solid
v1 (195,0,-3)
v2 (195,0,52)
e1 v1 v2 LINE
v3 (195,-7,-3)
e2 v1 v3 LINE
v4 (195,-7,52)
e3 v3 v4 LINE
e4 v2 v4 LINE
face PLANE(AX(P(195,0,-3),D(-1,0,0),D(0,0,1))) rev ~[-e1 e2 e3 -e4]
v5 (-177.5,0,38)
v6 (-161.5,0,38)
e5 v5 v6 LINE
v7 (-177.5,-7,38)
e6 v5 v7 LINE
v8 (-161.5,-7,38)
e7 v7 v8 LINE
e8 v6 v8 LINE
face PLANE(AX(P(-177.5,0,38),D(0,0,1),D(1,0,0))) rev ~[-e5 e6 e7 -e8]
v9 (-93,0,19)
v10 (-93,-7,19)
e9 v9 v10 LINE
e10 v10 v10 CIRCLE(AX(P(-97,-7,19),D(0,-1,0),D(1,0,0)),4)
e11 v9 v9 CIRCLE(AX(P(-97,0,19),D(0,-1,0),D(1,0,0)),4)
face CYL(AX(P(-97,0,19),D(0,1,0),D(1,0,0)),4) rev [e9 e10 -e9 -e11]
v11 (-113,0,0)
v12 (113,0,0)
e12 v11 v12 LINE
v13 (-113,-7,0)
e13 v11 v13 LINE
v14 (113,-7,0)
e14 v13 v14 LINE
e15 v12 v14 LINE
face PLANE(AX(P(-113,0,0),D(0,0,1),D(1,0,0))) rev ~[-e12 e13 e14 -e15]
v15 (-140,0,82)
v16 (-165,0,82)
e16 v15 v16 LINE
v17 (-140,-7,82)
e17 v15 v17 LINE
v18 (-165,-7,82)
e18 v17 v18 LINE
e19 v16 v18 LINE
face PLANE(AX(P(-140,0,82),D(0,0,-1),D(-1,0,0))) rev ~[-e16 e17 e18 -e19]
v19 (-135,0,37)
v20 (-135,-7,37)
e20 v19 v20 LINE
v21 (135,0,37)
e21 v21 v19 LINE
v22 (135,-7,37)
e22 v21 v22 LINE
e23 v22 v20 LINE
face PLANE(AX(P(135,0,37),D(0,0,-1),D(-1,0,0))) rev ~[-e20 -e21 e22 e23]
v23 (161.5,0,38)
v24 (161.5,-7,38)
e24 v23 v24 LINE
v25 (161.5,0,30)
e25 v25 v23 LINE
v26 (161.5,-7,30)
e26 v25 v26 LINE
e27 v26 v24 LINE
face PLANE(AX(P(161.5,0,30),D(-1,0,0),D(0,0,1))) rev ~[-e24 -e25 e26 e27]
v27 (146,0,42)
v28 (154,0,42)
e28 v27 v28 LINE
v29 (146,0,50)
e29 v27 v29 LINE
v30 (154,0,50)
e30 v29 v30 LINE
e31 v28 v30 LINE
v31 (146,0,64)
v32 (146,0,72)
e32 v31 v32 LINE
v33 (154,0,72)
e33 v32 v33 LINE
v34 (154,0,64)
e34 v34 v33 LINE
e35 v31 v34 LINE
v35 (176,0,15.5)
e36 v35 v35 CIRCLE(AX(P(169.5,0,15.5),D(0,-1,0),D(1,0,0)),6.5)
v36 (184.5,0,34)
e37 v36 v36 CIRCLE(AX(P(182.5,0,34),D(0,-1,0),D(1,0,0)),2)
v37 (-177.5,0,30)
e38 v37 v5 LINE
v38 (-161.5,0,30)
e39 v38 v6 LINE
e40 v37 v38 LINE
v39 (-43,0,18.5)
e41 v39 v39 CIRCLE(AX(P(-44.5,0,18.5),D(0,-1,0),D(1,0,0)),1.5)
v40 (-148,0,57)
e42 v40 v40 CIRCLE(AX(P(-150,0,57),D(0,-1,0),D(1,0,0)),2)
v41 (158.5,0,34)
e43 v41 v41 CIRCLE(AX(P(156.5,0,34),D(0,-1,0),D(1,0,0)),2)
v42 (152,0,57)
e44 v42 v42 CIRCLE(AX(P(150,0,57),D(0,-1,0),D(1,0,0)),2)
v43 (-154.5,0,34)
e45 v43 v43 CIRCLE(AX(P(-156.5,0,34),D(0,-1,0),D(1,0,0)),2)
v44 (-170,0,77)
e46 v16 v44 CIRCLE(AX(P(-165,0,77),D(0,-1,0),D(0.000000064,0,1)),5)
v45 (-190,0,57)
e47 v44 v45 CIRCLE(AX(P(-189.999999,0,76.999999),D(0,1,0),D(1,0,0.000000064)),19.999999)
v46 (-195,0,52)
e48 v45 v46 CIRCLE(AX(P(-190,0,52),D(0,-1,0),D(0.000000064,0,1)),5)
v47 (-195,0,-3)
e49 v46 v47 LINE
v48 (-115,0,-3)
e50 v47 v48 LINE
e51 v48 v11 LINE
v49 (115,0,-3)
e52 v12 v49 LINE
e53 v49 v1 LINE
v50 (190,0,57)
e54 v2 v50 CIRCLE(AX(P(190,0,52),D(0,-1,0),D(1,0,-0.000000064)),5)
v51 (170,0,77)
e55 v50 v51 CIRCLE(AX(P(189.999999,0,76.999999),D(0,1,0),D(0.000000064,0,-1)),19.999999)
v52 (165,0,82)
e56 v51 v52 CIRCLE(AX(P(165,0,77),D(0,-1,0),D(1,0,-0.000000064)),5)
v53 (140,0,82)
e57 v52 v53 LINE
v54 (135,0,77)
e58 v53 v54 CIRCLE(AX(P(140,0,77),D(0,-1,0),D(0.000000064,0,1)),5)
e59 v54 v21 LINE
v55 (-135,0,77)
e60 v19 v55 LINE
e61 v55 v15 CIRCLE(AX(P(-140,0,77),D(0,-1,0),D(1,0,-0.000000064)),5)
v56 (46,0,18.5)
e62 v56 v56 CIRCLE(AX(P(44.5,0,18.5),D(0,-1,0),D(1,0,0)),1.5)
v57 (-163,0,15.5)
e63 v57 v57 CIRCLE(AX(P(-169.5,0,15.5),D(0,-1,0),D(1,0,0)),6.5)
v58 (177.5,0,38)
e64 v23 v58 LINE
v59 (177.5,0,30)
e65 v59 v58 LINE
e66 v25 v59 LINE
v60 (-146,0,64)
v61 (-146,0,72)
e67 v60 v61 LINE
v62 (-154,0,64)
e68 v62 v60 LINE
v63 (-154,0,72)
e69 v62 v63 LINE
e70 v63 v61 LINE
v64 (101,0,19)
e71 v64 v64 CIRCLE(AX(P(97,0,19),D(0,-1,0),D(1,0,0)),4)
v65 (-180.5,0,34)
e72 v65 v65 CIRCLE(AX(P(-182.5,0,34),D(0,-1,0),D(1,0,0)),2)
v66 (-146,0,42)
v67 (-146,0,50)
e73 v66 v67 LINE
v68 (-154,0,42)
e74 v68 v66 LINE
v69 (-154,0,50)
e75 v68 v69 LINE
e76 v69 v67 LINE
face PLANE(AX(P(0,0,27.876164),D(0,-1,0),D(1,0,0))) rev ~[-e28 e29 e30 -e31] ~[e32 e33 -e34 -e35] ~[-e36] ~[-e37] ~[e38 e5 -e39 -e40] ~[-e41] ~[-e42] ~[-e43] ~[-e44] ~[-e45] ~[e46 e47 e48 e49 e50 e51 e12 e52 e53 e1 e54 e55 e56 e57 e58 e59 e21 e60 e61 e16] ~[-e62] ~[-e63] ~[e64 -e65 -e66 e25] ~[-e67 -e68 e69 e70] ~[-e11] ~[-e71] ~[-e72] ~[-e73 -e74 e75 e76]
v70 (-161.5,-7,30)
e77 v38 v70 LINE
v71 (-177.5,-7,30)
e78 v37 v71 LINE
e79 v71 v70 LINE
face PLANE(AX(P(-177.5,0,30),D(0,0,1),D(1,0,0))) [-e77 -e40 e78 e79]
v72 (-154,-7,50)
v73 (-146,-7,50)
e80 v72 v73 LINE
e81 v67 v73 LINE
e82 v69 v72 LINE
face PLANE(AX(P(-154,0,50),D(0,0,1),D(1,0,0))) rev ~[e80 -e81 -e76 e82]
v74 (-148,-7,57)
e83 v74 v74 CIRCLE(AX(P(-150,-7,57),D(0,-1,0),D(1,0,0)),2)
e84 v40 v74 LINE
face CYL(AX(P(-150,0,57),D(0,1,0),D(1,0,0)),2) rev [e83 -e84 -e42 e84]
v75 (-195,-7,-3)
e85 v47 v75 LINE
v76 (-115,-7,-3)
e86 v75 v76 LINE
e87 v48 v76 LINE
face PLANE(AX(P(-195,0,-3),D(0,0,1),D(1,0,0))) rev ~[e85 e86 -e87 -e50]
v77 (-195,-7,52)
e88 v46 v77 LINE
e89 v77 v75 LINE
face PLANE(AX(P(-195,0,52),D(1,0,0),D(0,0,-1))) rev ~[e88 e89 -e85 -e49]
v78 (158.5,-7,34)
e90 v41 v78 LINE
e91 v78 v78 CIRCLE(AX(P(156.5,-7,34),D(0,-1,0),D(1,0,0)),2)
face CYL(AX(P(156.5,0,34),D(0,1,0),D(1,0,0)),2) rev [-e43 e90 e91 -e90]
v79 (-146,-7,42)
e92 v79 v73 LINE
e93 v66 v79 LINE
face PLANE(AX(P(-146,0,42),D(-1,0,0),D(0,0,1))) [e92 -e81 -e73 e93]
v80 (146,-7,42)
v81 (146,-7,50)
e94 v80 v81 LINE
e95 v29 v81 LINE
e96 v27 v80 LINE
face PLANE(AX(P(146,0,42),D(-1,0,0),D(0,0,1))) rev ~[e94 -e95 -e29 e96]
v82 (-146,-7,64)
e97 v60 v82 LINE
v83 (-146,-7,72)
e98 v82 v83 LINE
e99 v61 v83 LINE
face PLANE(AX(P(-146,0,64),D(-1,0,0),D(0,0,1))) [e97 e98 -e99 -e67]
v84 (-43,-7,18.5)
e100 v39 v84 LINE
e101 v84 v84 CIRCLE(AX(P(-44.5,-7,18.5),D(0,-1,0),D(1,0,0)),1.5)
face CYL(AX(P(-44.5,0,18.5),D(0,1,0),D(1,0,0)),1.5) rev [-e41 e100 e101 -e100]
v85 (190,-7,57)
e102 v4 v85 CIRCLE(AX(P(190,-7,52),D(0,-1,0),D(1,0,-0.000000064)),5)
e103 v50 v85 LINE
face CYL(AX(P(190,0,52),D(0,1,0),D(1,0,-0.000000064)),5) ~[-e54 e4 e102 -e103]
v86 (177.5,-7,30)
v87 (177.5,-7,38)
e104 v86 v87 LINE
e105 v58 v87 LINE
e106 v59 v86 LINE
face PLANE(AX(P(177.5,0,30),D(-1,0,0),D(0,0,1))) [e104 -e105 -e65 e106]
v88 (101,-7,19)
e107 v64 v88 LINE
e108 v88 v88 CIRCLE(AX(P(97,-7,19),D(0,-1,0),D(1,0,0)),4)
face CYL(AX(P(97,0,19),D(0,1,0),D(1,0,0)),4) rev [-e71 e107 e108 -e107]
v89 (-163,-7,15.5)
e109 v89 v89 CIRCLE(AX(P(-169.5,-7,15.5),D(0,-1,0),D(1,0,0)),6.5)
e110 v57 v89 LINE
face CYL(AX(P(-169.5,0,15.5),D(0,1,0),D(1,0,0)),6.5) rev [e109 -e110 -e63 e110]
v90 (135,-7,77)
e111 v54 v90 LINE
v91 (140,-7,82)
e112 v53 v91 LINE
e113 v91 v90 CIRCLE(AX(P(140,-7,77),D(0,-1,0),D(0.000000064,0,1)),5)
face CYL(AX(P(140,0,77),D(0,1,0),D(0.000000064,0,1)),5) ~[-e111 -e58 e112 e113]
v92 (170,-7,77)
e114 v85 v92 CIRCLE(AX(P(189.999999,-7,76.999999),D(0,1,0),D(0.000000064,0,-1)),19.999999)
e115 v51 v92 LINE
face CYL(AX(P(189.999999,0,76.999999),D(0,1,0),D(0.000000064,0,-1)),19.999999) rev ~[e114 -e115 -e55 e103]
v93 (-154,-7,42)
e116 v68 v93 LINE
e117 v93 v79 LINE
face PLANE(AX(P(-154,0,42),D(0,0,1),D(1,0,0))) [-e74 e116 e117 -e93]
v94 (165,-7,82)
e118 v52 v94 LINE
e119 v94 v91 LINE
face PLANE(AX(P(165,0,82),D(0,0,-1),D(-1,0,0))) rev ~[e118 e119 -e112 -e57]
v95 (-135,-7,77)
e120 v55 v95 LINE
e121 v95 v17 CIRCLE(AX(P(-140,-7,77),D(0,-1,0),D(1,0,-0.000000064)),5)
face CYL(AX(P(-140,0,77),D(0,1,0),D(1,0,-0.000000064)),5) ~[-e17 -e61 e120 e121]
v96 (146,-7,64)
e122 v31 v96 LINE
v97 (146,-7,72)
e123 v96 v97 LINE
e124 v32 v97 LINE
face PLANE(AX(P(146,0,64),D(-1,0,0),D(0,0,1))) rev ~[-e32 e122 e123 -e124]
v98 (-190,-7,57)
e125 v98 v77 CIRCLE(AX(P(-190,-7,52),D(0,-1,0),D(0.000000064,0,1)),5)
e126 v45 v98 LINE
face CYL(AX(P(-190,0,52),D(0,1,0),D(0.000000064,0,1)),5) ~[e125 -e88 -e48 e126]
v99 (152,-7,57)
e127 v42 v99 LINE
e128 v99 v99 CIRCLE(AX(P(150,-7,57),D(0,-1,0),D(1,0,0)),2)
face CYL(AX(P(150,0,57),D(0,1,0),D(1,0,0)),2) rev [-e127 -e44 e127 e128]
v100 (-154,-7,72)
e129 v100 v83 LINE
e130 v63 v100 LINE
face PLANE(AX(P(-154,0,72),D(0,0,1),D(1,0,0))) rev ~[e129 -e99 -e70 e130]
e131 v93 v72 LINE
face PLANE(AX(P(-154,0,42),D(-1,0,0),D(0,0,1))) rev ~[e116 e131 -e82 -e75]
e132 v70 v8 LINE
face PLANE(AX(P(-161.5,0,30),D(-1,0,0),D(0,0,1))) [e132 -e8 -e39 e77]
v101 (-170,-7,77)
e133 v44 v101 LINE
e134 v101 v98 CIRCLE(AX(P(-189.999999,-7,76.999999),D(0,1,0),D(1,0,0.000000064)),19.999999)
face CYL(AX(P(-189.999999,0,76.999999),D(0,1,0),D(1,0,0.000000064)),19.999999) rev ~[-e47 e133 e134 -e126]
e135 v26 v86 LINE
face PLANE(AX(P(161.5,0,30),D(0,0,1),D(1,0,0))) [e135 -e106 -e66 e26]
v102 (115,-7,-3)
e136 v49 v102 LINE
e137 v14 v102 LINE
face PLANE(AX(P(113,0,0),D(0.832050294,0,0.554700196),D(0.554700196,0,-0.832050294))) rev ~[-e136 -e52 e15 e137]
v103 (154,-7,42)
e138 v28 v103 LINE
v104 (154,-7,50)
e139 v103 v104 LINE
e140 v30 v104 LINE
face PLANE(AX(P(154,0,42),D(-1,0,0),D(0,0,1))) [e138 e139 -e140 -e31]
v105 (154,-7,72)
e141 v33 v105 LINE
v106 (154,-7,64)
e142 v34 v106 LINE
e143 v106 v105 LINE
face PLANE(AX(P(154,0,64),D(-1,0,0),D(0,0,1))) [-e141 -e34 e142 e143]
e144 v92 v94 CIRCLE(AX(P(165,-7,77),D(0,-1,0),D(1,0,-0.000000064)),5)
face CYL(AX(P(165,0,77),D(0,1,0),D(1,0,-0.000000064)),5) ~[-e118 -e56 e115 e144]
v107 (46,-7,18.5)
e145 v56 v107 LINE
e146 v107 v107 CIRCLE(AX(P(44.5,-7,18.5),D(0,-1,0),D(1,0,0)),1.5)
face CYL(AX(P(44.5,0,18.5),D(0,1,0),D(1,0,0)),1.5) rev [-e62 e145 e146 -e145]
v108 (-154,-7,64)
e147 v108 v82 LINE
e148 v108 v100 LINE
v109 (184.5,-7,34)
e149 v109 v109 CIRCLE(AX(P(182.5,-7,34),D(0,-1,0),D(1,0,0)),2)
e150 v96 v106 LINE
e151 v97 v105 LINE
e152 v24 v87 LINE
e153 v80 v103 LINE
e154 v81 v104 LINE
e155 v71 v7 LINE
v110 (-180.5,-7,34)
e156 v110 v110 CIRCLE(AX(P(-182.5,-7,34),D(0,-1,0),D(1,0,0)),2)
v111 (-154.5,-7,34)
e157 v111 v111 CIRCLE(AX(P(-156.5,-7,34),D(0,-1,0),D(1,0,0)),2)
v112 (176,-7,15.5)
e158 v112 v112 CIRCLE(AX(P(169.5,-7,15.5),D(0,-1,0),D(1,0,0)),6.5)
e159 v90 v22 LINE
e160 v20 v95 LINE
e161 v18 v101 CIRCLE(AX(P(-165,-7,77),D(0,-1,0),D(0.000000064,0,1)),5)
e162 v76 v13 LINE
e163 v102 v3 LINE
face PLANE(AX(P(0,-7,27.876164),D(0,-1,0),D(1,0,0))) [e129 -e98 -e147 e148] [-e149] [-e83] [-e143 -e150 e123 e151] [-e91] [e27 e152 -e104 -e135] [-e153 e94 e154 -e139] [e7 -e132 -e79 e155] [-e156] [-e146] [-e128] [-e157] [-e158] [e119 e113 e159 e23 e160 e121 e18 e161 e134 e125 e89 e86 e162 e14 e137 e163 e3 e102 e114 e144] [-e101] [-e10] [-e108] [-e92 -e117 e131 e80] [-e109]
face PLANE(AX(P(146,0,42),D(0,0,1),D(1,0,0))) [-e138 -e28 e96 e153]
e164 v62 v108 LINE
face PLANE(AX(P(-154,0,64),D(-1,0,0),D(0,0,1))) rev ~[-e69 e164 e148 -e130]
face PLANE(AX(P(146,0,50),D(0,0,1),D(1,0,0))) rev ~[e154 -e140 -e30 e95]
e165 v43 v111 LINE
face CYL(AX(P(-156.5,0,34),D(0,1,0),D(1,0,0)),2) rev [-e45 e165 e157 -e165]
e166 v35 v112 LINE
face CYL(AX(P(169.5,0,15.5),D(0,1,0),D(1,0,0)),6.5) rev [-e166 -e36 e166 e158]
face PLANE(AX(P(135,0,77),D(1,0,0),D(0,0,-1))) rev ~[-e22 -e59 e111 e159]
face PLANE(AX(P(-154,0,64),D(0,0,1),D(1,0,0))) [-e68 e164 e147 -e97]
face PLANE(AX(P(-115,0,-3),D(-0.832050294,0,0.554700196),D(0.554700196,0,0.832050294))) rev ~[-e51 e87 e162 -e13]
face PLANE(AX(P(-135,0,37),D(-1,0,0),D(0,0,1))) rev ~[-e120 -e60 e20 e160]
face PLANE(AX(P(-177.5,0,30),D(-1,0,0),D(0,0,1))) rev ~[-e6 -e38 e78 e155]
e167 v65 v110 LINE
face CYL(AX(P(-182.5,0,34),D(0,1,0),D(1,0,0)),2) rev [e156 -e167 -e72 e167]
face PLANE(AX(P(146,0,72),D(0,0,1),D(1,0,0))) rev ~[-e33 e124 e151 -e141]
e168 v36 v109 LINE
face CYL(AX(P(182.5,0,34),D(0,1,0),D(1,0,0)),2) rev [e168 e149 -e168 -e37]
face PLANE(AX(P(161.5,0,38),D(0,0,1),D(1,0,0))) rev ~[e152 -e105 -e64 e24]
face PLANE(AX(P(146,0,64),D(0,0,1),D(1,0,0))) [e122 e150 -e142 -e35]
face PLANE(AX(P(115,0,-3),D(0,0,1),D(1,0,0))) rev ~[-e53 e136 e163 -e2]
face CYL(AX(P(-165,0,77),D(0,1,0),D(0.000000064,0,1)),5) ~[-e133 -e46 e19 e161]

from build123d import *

# Parameters (mm, degrees)
F0_R     = 6.5
F0_R_2   = 2
F0_W     = 16
F0_H     = 8
F0_R_3   = 4
F0_R_4   = 1.5
F0_W_2   = 8
F1_DEPTH = 7


with BuildPart() as f1:
    # F0 (on Front) → F1 (new body)
    with BuildSketch(Plane.XZ):
        with BuildLine():
            Line((-113, 0), (0, 0))
            Line((0, 0), (113, 0))
            Line((113, 0), (115, -3))
            Line((115, -3), (195, -3))
            Line((195, -3), (195, 52))
            ThreePointArc((195, 52), (193.535534, 55.535534), (190, 57))
            ThreePointArc((190, 57), (175.857864, 62.857864), (170, 77))
            ThreePointArc((170, 77), (168.535534, 80.535534), (165, 82))
            Line((165, 82), (140, 82))
            ThreePointArc((140, 82), (136.464466, 80.535534), (135, 77))
            Line((135, 77), (135, 46.753148))
            Line((135, 46.753148), (135, 37))
            Line((135, 37), (0, 37))
            Line((0, 37), (-135, 37))
            Line((-135, 37), (-135, 46.753148))
            Line((-135, 46.753148), (-135, 77))
            ThreePointArc((-135, 77), (-136.464466, 80.535534), (-140, 82))
            Line((-140, 82), (-165, 82))
            ThreePointArc((-165, 82), (-168.535534, 80.535534), (-170, 77))
            ThreePointArc((-170, 77), (-175.857864, 62.857864), (-190, 57))
            ThreePointArc((-190, 57), (-193.535534, 55.535534), (-195, 52))
            Line((-195, 52), (-195, -3))
            Line((-195, -3), (-115, -3))
            Line((-115, -3), (-113, 0))
        make_face()
        with Locations((-169.5, 15.5)):
            Circle(F0_R, mode=Mode.SUBTRACT)
        with Locations((-182.5, 34)):
            Circle(F0_R_2, mode=Mode.SUBTRACT)
        with Locations((-169.5, 34)):
            Rectangle(F0_W, F0_H, mode=Mode.SUBTRACT)
        with Locations((-156.5, 34)):
            Circle(F0_R_2, mode=Mode.SUBTRACT)
        with Locations((-97, 19)):
            Circle(F0_R_3, mode=Mode.SUBTRACT)
        with Locations((-44.5, 18.5)):
            Circle(F0_R_4, mode=Mode.SUBTRACT)
        with Locations((169.5, 15.5)):
            Circle(F0_R, mode=Mode.SUBTRACT)
        with Locations((44.5, 18.5)):
            Circle(F0_R_4, mode=Mode.SUBTRACT)
        with Locations((97, 19)):
            Circle(F0_R_3, mode=Mode.SUBTRACT)
        with Locations((156.5, 34)):
            Circle(F0_R_2, mode=Mode.SUBTRACT)
        with Locations((169.5, 34)):
            Rectangle(F0_W, F0_H, mode=Mode.SUBTRACT)
        with Locations((182.5, 34)):
            Circle(F0_R_2, mode=Mode.SUBTRACT)
        with Locations((-150, 46)):
            Rectangle(F0_W_2, F0_H, mode=Mode.SUBTRACT)
        with Locations((-150, 57)):
            Circle(F0_R_2, mode=Mode.SUBTRACT)
        with Locations((-150, 68)):
            Rectangle(F0_W_2, F0_H, mode=Mode.SUBTRACT)
        with Locations((150, 46)):
            Rectangle(F0_W_2, F0_H, mode=Mode.SUBTRACT)
        with Locations((150, 57)):
            Circle(F0_R_2, mode=Mode.SUBTRACT)
        with Locations((150, 68)):
            Rectangle(F0_W_2, F0_H, mode=Mode.SUBTRACT)
    extrude(amount=F1_DEPTH)


solid = f1.part
